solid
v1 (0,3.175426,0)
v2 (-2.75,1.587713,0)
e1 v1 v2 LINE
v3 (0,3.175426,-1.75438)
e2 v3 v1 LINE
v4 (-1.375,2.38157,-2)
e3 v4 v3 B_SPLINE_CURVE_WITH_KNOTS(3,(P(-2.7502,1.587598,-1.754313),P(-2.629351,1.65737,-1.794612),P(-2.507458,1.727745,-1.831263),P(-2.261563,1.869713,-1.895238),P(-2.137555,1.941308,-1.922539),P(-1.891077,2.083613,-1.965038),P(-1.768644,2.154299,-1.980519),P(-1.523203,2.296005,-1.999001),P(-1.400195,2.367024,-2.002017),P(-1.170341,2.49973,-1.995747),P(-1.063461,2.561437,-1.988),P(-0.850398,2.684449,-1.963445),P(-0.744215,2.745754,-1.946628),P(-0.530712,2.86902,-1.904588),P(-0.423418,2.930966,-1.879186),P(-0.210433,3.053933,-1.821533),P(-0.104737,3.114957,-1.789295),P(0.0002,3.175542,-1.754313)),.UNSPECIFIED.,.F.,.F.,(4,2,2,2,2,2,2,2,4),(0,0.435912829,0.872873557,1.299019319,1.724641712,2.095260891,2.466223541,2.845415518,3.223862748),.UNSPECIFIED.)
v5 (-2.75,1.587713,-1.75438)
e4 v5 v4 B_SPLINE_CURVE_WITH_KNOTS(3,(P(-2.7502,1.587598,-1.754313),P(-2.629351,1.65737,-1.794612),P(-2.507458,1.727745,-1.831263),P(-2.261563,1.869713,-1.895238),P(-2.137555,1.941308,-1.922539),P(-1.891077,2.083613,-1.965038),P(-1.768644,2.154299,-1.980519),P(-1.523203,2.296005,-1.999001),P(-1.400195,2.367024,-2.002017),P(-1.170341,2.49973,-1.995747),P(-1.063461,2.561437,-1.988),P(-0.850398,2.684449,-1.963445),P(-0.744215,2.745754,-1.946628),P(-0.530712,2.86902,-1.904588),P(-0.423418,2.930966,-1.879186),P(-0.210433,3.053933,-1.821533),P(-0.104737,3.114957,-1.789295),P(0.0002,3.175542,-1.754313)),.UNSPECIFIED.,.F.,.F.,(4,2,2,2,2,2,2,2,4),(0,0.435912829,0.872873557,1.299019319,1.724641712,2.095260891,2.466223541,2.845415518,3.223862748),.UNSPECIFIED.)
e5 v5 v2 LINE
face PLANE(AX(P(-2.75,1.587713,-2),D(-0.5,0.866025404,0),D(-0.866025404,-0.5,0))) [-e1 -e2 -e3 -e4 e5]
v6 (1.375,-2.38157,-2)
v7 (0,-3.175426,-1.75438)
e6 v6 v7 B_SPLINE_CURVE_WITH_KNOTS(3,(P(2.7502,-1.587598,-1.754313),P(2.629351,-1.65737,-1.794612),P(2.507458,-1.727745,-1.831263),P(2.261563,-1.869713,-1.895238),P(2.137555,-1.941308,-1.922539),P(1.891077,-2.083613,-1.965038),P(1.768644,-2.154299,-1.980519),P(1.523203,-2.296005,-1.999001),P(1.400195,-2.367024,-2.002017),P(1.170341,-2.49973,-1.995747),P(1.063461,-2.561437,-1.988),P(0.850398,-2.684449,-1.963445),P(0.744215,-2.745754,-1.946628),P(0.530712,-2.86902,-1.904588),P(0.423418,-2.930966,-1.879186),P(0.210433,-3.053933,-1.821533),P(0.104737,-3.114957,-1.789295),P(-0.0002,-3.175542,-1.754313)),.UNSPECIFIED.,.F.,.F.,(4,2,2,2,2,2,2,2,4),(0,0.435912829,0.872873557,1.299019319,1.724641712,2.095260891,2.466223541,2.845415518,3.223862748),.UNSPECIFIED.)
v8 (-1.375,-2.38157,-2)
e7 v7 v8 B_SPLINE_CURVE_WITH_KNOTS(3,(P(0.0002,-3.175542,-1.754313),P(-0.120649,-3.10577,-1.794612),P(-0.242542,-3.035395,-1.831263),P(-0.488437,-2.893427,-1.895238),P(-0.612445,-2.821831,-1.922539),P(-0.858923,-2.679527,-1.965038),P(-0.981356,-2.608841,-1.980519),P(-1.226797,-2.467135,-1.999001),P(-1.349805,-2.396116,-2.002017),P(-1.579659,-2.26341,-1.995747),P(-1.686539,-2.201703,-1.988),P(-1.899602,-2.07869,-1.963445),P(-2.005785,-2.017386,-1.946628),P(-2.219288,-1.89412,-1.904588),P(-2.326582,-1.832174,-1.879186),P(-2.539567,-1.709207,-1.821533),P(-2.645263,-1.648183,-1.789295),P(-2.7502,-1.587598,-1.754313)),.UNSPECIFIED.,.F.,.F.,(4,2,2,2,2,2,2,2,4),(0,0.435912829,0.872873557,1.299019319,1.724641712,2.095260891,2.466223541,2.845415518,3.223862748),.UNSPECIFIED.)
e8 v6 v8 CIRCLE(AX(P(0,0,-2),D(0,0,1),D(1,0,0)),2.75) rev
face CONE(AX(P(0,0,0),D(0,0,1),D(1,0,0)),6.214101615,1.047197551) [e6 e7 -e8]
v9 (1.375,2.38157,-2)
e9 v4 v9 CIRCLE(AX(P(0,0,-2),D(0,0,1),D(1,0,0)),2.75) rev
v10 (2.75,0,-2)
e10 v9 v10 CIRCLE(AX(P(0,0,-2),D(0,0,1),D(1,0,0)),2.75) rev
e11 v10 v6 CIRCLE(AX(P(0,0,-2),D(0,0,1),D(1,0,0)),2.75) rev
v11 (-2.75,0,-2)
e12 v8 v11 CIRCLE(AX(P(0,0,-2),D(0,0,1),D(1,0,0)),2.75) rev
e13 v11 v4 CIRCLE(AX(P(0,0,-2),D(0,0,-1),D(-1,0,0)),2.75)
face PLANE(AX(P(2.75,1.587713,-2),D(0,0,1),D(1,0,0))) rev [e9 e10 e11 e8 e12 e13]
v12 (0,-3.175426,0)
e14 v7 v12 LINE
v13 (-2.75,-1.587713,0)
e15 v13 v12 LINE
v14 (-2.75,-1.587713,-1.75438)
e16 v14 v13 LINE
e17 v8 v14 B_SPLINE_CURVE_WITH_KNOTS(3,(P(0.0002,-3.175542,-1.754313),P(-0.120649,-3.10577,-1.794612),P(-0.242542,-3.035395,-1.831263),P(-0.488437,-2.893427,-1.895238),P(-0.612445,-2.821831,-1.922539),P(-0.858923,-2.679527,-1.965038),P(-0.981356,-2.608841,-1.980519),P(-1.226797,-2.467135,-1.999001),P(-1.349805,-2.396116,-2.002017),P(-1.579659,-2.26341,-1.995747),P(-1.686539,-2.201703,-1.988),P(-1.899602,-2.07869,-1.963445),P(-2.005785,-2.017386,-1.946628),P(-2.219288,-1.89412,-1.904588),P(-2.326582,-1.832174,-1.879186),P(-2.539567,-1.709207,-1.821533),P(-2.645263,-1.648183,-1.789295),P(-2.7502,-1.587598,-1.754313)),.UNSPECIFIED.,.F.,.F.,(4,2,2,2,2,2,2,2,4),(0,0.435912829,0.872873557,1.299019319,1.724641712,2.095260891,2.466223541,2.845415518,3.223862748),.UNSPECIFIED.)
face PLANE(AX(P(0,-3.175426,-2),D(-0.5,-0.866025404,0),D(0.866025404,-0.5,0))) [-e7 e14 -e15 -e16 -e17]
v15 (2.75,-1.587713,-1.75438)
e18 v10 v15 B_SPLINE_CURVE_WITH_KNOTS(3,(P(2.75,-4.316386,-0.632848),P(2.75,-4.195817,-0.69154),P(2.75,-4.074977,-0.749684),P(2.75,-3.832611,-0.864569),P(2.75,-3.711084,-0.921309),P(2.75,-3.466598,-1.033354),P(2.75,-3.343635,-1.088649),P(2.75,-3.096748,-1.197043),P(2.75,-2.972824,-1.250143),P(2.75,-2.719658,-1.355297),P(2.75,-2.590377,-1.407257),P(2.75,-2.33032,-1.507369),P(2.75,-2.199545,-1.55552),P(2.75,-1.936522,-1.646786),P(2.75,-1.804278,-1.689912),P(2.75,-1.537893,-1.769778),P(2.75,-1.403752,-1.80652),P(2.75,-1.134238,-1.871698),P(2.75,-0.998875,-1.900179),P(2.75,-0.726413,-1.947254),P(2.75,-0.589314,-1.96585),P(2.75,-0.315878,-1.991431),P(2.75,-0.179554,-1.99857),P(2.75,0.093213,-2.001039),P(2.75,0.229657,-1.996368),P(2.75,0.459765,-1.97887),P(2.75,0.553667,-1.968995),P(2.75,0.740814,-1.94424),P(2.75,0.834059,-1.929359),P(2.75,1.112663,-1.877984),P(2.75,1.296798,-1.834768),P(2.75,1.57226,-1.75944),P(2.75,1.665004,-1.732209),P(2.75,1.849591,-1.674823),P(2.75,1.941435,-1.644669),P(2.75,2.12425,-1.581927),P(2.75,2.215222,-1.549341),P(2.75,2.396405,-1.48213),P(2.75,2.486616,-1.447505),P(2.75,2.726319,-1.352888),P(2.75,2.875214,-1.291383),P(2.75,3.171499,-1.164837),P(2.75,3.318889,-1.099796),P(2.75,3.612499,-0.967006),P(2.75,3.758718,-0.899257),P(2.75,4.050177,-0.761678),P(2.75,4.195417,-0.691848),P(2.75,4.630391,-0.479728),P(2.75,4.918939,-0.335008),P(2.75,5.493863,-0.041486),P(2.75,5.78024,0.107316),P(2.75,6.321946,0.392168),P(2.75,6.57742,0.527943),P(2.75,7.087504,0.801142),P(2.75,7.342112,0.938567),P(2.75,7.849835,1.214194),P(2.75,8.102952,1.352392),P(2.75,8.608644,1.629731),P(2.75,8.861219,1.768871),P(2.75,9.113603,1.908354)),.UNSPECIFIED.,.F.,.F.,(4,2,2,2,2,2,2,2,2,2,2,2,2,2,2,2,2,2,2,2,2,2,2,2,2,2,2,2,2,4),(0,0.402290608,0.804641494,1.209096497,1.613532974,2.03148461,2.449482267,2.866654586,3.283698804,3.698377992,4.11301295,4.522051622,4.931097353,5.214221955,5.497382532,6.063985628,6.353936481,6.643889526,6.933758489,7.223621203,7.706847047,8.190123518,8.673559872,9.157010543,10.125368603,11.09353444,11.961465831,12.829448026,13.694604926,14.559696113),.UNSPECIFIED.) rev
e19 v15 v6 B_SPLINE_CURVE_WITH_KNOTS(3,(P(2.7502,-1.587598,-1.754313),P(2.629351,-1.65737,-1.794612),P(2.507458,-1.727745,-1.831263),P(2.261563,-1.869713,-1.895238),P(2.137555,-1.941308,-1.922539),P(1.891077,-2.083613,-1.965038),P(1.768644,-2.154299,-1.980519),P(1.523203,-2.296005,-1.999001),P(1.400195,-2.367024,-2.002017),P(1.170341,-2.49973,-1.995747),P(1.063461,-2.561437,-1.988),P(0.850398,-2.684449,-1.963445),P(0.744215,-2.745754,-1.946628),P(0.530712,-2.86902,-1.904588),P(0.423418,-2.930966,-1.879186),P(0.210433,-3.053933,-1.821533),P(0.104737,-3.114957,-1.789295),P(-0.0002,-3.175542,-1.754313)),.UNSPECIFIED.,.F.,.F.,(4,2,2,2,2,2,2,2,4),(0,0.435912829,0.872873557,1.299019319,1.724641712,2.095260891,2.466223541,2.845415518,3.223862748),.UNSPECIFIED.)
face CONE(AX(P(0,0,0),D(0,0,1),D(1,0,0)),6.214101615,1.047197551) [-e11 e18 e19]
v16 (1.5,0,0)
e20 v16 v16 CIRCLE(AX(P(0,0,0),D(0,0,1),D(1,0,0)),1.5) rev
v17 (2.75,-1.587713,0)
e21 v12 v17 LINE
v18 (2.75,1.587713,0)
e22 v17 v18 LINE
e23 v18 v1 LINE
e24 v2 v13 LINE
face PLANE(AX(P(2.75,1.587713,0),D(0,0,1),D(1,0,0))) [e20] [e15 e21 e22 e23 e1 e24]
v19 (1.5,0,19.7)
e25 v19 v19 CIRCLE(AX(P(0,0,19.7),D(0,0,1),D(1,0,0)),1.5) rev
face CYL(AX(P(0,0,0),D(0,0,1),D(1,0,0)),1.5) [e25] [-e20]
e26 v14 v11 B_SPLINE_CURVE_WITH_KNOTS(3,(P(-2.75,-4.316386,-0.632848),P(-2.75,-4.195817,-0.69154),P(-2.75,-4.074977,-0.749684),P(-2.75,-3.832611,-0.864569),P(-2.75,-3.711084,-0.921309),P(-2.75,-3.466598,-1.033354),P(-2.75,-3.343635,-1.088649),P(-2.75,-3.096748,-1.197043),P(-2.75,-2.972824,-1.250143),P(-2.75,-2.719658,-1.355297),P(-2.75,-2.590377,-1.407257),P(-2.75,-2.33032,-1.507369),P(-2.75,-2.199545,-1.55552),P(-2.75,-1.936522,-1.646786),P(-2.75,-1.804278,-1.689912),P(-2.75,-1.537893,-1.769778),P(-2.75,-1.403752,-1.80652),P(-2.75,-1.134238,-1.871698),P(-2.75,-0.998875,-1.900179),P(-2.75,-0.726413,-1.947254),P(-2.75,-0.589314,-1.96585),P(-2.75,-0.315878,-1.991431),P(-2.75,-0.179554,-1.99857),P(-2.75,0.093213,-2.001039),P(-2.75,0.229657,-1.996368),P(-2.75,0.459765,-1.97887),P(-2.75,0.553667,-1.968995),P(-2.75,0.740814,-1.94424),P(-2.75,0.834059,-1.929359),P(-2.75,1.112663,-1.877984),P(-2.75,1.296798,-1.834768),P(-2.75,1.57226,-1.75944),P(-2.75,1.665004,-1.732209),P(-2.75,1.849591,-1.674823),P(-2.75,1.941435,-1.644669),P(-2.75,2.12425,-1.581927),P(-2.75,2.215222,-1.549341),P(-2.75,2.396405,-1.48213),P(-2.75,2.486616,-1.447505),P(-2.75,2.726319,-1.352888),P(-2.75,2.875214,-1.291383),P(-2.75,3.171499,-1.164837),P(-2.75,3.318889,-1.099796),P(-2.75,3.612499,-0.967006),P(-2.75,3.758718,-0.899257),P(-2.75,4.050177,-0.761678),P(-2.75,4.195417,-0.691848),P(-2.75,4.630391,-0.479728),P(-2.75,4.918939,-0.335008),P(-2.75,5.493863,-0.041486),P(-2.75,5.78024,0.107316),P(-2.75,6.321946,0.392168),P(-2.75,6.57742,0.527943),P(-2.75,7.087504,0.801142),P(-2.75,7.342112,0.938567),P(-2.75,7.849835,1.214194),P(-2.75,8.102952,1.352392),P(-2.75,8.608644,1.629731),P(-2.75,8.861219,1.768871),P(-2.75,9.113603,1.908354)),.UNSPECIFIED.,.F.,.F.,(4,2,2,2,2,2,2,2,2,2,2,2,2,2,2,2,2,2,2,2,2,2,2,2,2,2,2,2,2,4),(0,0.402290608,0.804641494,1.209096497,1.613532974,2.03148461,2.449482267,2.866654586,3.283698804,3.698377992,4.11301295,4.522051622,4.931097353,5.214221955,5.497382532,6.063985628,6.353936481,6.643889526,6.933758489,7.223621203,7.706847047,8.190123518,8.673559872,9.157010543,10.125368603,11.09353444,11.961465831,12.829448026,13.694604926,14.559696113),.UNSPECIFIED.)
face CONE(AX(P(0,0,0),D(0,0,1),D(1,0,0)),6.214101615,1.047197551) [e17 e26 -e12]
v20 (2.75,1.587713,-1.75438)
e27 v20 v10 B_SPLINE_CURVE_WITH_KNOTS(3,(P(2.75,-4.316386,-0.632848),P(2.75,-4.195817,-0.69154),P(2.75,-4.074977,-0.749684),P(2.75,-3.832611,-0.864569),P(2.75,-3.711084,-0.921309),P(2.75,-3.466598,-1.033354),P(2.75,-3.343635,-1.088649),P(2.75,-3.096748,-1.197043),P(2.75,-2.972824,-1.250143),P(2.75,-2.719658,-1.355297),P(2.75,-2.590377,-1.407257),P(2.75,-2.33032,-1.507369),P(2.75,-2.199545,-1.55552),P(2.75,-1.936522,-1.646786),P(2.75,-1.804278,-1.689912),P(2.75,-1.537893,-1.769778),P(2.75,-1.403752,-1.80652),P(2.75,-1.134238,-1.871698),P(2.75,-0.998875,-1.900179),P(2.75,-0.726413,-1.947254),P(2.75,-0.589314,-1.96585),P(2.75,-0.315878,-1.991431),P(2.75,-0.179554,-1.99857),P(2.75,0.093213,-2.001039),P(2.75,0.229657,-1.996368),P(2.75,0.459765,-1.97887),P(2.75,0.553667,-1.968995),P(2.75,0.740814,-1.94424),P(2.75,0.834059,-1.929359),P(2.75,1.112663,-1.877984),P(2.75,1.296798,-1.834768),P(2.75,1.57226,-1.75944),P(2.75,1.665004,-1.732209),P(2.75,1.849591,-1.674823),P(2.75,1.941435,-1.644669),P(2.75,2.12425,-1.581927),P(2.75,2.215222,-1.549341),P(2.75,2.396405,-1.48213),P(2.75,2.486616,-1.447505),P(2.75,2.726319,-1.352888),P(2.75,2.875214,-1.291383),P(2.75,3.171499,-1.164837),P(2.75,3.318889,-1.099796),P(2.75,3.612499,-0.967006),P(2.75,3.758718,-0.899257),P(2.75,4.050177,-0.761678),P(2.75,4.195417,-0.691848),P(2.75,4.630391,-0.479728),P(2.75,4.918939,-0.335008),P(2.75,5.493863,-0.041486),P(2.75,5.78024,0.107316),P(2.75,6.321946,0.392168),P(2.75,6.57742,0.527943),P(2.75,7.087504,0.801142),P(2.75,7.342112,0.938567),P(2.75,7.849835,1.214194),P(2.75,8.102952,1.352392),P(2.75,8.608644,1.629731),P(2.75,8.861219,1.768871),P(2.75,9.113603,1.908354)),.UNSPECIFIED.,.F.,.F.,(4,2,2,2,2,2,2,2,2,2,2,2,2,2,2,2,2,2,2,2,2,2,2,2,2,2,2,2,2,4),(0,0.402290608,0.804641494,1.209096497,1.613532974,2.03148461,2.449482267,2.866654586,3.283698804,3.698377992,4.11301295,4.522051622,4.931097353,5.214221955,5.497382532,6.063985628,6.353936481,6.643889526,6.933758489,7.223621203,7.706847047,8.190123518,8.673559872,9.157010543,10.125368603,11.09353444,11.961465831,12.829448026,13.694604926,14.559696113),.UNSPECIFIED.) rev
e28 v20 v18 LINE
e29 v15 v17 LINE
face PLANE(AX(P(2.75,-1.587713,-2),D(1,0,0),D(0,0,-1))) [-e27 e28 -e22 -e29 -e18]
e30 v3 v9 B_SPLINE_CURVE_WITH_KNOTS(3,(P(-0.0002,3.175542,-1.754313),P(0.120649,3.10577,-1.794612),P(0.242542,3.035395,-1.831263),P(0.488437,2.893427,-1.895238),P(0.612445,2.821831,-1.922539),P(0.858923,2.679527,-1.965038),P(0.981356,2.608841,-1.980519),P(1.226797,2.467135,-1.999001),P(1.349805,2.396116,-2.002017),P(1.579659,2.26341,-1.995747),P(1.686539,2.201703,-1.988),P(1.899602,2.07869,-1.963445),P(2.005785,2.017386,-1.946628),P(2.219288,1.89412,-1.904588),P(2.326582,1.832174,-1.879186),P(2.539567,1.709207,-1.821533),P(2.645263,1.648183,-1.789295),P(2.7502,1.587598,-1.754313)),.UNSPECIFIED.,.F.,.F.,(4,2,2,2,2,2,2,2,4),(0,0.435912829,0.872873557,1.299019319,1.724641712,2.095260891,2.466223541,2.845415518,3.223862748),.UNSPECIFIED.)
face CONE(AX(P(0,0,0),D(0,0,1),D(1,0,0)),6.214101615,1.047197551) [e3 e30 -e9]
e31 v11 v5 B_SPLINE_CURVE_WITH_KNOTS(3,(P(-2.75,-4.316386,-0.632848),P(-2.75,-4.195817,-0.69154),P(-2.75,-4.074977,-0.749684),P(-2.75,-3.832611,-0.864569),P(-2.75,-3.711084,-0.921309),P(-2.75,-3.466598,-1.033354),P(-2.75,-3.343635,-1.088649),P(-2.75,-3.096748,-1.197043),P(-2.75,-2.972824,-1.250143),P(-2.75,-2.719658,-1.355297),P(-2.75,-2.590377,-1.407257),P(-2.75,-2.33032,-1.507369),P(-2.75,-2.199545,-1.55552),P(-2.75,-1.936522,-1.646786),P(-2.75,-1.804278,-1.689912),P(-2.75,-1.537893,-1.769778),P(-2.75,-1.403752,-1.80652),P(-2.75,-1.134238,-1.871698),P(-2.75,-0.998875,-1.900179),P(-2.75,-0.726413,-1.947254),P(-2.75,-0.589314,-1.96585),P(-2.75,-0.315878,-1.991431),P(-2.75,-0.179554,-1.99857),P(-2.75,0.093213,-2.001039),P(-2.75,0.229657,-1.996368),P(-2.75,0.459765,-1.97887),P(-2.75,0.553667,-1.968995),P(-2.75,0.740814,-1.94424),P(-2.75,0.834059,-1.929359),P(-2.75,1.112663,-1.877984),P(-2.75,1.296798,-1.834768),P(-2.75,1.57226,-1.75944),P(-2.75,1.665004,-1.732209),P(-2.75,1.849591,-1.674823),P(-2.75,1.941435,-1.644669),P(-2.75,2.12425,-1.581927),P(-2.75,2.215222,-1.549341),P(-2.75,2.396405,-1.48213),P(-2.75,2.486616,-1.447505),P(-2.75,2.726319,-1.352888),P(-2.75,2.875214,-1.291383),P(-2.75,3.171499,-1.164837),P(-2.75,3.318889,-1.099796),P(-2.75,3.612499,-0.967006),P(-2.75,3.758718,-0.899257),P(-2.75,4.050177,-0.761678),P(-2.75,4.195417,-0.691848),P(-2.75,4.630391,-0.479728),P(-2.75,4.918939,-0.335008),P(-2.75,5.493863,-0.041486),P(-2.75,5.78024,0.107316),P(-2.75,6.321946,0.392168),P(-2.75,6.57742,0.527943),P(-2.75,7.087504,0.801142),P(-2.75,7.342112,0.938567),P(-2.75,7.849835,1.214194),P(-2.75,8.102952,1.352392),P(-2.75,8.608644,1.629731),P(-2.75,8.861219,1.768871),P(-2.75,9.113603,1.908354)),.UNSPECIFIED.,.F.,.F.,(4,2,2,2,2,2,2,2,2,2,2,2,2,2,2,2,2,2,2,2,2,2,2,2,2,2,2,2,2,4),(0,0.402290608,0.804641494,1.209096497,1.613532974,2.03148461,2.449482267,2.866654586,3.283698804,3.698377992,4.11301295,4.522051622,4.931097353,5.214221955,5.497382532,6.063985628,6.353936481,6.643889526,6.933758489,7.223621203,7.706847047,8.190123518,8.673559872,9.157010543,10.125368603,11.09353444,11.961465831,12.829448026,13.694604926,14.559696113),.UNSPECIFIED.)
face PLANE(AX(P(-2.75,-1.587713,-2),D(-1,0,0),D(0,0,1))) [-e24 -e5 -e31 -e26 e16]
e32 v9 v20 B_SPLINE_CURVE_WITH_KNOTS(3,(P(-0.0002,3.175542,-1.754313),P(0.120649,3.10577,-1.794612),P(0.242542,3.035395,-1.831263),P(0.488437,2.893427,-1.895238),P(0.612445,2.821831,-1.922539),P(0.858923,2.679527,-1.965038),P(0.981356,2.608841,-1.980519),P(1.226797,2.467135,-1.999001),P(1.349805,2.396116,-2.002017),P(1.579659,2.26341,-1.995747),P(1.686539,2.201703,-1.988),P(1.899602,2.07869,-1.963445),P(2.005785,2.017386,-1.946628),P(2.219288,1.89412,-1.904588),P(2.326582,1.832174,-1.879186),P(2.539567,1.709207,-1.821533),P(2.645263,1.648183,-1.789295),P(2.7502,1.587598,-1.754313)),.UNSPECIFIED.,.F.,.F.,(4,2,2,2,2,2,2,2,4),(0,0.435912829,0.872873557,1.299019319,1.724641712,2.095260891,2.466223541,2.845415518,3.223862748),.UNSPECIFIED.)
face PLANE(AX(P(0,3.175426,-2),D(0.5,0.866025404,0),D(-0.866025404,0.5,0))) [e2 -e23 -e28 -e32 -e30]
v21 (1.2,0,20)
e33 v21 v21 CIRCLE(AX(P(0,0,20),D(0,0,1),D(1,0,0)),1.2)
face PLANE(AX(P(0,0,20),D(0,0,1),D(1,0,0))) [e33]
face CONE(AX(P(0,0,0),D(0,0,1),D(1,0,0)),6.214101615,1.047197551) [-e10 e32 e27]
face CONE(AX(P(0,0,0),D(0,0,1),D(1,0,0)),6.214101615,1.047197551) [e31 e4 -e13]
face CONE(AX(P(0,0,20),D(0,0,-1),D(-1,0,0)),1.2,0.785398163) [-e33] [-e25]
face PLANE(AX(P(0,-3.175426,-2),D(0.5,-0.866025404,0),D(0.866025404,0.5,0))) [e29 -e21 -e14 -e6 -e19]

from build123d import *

# Parameters (mm, degrees)
ESQUISSE1_W        = 1.5
ESQUISSE1_H        = 20
CHANFREIN1_SIZE    = 0.3
BOSS_EXTRU_1_DEPTH = 2


with BuildPart() as part:
    # Esquisse1 → Base-R_volution (revolve)
    with BuildSketch(Plane(origin=(0, 0, 0), x_dir=(1, 0, 0), z_dir=(0, 1, 0))):
        with Locations((0.75, -10)):
            Rectangle(ESQUISSE1_W, ESQUISSE1_H)
    revolve(axis=Axis((0, 0, 0), (0, 0, 1)))

    # Chanfrein1
    chanfrein1_edges = [part.edges().sort_by_distance(p)[0] for p in [
        (-1.5, 0, 20),
    ]]
    chamfer(chanfrein1_edges, length=CHANFREIN1_SIZE)

    # Esquisse6 → Boss.-Extru.1 (add)
    with BuildSketch(Plane.XY):
        Polygon((2.75, -1.58771324), (2.75, 1.58771324), (0, 3.175426481), (-2.75, 1.58771324), (-2.75, -1.58771324), (0, -3.175426481), align=None)
    extrude(amount=-BOSS_EXTRU_1_DEPTH)

    # Esquisse7 → Enl_vement de mati_re-R_volution1 (revolve, cut)
    with BuildSketch(Plane(origin=(0, 0, 0), x_dir=(1, 0, 0), z_dir=(0, 1, 0)), mode=Mode.PRIVATE) as enl_vement_de_mati_re_r_volution1_sk:
        Polygon((-2.75, 2), (-6.214101615, 2), (-6.214101615, 0), align=None)
    revolve(enl_vement_de_mati_re_r_volution1_sk.sketch.rotate(Axis((0, 0, -6.239446496), (0, 0, 1)), 180), axis=Axis((0, 0, -6.239446496), (0, 0, 1)), mode=Mode.SUBTRACT)  # turned: the seam where the file's is


solid = part.part
